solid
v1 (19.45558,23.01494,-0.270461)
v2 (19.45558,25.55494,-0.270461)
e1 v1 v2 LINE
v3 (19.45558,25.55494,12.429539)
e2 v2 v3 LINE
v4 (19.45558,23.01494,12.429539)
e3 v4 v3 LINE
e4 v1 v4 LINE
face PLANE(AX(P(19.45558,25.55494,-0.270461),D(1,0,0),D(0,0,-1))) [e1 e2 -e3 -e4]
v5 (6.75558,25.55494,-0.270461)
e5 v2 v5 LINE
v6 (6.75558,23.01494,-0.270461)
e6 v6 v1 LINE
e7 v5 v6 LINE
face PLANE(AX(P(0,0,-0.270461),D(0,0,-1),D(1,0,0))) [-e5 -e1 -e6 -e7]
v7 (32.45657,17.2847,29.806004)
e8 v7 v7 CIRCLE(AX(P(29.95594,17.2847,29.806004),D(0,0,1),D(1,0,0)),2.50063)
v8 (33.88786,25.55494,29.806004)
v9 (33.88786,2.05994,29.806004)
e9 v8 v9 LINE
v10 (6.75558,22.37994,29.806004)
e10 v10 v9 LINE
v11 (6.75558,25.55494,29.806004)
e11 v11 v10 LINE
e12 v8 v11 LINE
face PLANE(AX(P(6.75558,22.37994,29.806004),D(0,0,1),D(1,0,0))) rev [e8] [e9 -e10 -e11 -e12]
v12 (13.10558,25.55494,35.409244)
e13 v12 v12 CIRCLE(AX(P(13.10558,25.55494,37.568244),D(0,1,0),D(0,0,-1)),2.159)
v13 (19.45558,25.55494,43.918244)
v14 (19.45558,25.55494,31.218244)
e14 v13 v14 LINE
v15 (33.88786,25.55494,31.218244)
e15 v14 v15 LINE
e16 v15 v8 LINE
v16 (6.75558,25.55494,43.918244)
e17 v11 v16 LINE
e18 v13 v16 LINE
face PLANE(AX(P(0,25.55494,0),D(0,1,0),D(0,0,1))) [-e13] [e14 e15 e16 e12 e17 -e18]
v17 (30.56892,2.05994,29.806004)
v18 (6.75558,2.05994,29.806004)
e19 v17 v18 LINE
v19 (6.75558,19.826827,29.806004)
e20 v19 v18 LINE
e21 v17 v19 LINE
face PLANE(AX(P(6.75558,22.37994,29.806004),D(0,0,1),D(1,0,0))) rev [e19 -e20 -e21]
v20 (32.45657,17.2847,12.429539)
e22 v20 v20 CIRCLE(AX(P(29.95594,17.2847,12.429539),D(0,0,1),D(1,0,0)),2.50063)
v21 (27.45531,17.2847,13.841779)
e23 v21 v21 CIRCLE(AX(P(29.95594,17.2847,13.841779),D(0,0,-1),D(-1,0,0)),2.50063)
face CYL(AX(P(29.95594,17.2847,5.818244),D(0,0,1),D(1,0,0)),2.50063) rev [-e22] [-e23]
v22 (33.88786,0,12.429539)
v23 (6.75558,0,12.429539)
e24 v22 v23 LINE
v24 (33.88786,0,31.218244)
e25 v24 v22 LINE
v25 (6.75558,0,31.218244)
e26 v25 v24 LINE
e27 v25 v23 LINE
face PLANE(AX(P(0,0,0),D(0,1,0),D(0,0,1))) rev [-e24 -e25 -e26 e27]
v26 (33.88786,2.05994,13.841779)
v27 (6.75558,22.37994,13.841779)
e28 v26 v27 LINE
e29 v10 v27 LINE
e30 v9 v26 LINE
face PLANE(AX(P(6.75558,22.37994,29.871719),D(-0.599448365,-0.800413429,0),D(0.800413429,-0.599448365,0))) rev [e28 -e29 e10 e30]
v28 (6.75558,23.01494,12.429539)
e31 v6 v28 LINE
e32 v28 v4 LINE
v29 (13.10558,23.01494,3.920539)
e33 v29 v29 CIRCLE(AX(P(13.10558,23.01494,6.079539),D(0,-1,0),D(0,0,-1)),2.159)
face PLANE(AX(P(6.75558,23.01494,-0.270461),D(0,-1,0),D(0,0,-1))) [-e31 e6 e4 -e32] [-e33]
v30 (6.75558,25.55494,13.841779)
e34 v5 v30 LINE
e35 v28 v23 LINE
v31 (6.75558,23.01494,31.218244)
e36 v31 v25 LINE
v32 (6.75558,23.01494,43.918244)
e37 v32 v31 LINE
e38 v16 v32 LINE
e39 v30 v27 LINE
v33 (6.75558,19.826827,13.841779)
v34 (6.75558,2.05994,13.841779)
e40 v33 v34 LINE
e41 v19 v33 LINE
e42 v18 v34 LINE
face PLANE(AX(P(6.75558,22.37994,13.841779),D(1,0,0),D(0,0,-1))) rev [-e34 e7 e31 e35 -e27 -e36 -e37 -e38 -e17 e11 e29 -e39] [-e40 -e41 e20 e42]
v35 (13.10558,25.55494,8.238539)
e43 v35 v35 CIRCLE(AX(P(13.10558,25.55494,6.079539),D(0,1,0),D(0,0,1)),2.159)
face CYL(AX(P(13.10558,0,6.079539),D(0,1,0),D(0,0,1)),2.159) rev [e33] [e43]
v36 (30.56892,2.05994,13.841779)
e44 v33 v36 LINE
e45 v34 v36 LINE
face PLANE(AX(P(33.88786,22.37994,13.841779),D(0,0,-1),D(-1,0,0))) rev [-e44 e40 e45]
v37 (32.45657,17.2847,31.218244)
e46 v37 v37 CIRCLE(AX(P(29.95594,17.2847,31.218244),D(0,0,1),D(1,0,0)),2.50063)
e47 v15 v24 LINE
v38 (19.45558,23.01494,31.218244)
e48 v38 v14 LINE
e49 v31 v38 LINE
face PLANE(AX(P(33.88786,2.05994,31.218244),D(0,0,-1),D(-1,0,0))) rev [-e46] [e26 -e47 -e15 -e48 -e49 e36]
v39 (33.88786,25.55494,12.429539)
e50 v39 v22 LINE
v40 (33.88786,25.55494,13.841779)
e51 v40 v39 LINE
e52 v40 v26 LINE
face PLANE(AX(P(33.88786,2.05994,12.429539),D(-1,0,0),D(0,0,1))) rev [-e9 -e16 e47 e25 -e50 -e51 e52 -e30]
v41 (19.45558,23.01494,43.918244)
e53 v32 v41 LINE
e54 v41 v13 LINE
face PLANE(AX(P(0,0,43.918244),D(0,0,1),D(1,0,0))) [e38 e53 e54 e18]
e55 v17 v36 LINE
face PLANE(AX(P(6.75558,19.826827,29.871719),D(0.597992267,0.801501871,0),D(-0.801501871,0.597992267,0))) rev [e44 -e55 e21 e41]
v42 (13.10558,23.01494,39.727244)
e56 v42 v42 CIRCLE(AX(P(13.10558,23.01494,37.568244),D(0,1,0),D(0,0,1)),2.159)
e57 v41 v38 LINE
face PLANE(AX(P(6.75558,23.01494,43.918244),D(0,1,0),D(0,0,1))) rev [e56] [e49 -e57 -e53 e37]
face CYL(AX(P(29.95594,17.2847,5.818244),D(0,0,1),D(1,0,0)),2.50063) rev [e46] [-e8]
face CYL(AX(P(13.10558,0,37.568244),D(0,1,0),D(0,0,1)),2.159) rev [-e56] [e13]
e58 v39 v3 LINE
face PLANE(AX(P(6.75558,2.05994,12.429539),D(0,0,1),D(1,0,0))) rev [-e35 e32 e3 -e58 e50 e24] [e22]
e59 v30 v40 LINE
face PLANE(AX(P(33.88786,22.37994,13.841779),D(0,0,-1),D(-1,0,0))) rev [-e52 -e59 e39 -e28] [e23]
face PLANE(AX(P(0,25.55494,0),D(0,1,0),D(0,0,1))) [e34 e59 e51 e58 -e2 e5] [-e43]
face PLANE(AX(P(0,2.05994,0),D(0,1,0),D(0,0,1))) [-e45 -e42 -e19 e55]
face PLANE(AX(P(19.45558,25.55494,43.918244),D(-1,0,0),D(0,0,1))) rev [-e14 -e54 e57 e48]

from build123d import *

# Parameters (mm, degrees)
BOSS_EXTRUDE6_DEPTH  = 2.05994
SKETCH9_W            = 27.13228
SKETCH9_H            = 1.41224
BOSS_EXTRUDE7_DEPTH  = 20.32
SKETCH10_R           = 2.50063
CUT_EXTRUDE3_DEPTH   = 25.4
BOSS_EXTRUDE10_DEPTH = 16.02994
SKETCH15_W           = 51.72964
SKETCH15_H           = 37.846
CUT_EXTRUDE5_DEPTH   = 64.999044225
SKETCH16_W           = 27.13228
SKETCH16_H           = 1.41224
BOSS_EXTRUDE11_DEPTH = 3.175
SKETCH18_W           = 12.7
SKETCH18_H           = 2.54
BOSS_EXTRUDE12_DEPTH = 12.7
SKETCH19_R           = 2.159
CUT_EXTRUDE6_DEPTH   = 62.075806811


with BuildPart() as part:
    # Sketch8 → Boss-Extrude6 (new body)
    with BuildSketch(Plane(origin=(0, 0, 0), x_dir=(1, 0, 0), z_dir=(0, 1, 0))):
        Polygon((-44.974060072, -2.900891689), (-44.974060072, -40.746891689), (2.165799928, -40.746891689), (2.165799928, -35.808024144), (6.755579928, -31.218244144), (33.887859928, -31.218244144), (33.887859928, -12.429539234), (6.755579928, -12.429539234), (2.165799928, -7.839759234), (2.165799928, -2.900891689), align=None)
    extrude(amount=BOSS_EXTRUDE6_DEPTH)

    # Sketch9 → Boss-Extrude7 (add)
    with BuildSketch(Plane(origin=(0, 2.05994, 0), x_dir=(1, 0, 0), z_dir=(0, 1, 0))):
        with Locations((20.321719928, -13.135659234)):
            Rectangle(SKETCH9_W, SKETCH9_H)
        with Locations((20.321719928, -30.512124144)):
            Rectangle(SKETCH9_W, SKETCH9_H)
    extrude(amount=BOSS_EXTRUDE7_DEPTH)

    # Sketch10 → Cut-Extrude3 (cut)
    with BuildSketch(Plane.XY.offset(31.218244144)):
        with Locations((29.955939928, 17.2847)):
            Circle(SKETCH10_R)
    extrude(amount=-CUT_EXTRUDE3_DEPTH, mode=Mode.SUBTRACT)

    # Sketch14 → Boss-Extrude10 (add)
    with BuildSketch(Plane.XY.offset(13.841779234)):
        Polygon((6.755579928, 22.37994), (33.887859928, 2.05994), (30.568919609, 2.05994), (6.755579928, 19.826826768), align=None)
    extrude(amount=BOSS_EXTRUDE10_DEPTH)

    # Sketch15 → Cut-Extrude5 (cut, through all)
    with BuildSketch(Plane(origin=(0, 2.05994, 0), x_dir=(1, 0, 0), z_dir=(0, 1, 0))):
        with Locations((-19.109240072, -21.823891689)):
            Rectangle(SKETCH15_W, SKETCH15_H)
    extrude(amount=-CUT_EXTRUDE5_DEPTH, mode=Mode.SUBTRACT)

    # Sketch16 → Boss-Extrude11 (add)
    with BuildSketch(Plane(origin=(0, 22.37994, 0), x_dir=(1, 0, 0), z_dir=(0, 1, 0))):
        with Locations((20.321719928, -30.512124144)):
            Rectangle(SKETCH16_W, SKETCH16_H)
        with Locations((20.321719928, -13.135659234)):
            Rectangle(SKETCH16_W, SKETCH16_H)
    extrude(amount=BOSS_EXTRUDE11_DEPTH)

    # Sketch18 → Boss-Extrude12 (add)
    with BuildSketch(Plane.XY.offset(31.218244144)):
        with Locations((13.105579928, 24.28494)):
            Rectangle(SKETCH18_W, SKETCH18_H)
    boss_extrude12 = extrude(amount=BOSS_EXTRUDE12_DEPTH)

    # Mirror1: Boss-Extrude12 across plane
    add(boss_extrude12.mirror(Plane.XY.offset(21.823891689)))

    # Sketch19 → Cut-Extrude6 (cut, through all)
    with BuildSketch(Plane(origin=(0, 25.55494, 0), x_dir=(1, 0, 0), z_dir=(0, 1, 0))):
        with Locations(Location((13.105579928, -6.079539234, 0), (0, 0, 270))):
            Circle(SKETCH19_R)
        with Locations(Location((13.105579928, -37.568244144, 0), (0, 0, 270))):
            Circle(SKETCH19_R)
    extrude(amount=-CUT_EXTRUDE6_DEPTH, mode=Mode.SUBTRACT)


solid = part.part
